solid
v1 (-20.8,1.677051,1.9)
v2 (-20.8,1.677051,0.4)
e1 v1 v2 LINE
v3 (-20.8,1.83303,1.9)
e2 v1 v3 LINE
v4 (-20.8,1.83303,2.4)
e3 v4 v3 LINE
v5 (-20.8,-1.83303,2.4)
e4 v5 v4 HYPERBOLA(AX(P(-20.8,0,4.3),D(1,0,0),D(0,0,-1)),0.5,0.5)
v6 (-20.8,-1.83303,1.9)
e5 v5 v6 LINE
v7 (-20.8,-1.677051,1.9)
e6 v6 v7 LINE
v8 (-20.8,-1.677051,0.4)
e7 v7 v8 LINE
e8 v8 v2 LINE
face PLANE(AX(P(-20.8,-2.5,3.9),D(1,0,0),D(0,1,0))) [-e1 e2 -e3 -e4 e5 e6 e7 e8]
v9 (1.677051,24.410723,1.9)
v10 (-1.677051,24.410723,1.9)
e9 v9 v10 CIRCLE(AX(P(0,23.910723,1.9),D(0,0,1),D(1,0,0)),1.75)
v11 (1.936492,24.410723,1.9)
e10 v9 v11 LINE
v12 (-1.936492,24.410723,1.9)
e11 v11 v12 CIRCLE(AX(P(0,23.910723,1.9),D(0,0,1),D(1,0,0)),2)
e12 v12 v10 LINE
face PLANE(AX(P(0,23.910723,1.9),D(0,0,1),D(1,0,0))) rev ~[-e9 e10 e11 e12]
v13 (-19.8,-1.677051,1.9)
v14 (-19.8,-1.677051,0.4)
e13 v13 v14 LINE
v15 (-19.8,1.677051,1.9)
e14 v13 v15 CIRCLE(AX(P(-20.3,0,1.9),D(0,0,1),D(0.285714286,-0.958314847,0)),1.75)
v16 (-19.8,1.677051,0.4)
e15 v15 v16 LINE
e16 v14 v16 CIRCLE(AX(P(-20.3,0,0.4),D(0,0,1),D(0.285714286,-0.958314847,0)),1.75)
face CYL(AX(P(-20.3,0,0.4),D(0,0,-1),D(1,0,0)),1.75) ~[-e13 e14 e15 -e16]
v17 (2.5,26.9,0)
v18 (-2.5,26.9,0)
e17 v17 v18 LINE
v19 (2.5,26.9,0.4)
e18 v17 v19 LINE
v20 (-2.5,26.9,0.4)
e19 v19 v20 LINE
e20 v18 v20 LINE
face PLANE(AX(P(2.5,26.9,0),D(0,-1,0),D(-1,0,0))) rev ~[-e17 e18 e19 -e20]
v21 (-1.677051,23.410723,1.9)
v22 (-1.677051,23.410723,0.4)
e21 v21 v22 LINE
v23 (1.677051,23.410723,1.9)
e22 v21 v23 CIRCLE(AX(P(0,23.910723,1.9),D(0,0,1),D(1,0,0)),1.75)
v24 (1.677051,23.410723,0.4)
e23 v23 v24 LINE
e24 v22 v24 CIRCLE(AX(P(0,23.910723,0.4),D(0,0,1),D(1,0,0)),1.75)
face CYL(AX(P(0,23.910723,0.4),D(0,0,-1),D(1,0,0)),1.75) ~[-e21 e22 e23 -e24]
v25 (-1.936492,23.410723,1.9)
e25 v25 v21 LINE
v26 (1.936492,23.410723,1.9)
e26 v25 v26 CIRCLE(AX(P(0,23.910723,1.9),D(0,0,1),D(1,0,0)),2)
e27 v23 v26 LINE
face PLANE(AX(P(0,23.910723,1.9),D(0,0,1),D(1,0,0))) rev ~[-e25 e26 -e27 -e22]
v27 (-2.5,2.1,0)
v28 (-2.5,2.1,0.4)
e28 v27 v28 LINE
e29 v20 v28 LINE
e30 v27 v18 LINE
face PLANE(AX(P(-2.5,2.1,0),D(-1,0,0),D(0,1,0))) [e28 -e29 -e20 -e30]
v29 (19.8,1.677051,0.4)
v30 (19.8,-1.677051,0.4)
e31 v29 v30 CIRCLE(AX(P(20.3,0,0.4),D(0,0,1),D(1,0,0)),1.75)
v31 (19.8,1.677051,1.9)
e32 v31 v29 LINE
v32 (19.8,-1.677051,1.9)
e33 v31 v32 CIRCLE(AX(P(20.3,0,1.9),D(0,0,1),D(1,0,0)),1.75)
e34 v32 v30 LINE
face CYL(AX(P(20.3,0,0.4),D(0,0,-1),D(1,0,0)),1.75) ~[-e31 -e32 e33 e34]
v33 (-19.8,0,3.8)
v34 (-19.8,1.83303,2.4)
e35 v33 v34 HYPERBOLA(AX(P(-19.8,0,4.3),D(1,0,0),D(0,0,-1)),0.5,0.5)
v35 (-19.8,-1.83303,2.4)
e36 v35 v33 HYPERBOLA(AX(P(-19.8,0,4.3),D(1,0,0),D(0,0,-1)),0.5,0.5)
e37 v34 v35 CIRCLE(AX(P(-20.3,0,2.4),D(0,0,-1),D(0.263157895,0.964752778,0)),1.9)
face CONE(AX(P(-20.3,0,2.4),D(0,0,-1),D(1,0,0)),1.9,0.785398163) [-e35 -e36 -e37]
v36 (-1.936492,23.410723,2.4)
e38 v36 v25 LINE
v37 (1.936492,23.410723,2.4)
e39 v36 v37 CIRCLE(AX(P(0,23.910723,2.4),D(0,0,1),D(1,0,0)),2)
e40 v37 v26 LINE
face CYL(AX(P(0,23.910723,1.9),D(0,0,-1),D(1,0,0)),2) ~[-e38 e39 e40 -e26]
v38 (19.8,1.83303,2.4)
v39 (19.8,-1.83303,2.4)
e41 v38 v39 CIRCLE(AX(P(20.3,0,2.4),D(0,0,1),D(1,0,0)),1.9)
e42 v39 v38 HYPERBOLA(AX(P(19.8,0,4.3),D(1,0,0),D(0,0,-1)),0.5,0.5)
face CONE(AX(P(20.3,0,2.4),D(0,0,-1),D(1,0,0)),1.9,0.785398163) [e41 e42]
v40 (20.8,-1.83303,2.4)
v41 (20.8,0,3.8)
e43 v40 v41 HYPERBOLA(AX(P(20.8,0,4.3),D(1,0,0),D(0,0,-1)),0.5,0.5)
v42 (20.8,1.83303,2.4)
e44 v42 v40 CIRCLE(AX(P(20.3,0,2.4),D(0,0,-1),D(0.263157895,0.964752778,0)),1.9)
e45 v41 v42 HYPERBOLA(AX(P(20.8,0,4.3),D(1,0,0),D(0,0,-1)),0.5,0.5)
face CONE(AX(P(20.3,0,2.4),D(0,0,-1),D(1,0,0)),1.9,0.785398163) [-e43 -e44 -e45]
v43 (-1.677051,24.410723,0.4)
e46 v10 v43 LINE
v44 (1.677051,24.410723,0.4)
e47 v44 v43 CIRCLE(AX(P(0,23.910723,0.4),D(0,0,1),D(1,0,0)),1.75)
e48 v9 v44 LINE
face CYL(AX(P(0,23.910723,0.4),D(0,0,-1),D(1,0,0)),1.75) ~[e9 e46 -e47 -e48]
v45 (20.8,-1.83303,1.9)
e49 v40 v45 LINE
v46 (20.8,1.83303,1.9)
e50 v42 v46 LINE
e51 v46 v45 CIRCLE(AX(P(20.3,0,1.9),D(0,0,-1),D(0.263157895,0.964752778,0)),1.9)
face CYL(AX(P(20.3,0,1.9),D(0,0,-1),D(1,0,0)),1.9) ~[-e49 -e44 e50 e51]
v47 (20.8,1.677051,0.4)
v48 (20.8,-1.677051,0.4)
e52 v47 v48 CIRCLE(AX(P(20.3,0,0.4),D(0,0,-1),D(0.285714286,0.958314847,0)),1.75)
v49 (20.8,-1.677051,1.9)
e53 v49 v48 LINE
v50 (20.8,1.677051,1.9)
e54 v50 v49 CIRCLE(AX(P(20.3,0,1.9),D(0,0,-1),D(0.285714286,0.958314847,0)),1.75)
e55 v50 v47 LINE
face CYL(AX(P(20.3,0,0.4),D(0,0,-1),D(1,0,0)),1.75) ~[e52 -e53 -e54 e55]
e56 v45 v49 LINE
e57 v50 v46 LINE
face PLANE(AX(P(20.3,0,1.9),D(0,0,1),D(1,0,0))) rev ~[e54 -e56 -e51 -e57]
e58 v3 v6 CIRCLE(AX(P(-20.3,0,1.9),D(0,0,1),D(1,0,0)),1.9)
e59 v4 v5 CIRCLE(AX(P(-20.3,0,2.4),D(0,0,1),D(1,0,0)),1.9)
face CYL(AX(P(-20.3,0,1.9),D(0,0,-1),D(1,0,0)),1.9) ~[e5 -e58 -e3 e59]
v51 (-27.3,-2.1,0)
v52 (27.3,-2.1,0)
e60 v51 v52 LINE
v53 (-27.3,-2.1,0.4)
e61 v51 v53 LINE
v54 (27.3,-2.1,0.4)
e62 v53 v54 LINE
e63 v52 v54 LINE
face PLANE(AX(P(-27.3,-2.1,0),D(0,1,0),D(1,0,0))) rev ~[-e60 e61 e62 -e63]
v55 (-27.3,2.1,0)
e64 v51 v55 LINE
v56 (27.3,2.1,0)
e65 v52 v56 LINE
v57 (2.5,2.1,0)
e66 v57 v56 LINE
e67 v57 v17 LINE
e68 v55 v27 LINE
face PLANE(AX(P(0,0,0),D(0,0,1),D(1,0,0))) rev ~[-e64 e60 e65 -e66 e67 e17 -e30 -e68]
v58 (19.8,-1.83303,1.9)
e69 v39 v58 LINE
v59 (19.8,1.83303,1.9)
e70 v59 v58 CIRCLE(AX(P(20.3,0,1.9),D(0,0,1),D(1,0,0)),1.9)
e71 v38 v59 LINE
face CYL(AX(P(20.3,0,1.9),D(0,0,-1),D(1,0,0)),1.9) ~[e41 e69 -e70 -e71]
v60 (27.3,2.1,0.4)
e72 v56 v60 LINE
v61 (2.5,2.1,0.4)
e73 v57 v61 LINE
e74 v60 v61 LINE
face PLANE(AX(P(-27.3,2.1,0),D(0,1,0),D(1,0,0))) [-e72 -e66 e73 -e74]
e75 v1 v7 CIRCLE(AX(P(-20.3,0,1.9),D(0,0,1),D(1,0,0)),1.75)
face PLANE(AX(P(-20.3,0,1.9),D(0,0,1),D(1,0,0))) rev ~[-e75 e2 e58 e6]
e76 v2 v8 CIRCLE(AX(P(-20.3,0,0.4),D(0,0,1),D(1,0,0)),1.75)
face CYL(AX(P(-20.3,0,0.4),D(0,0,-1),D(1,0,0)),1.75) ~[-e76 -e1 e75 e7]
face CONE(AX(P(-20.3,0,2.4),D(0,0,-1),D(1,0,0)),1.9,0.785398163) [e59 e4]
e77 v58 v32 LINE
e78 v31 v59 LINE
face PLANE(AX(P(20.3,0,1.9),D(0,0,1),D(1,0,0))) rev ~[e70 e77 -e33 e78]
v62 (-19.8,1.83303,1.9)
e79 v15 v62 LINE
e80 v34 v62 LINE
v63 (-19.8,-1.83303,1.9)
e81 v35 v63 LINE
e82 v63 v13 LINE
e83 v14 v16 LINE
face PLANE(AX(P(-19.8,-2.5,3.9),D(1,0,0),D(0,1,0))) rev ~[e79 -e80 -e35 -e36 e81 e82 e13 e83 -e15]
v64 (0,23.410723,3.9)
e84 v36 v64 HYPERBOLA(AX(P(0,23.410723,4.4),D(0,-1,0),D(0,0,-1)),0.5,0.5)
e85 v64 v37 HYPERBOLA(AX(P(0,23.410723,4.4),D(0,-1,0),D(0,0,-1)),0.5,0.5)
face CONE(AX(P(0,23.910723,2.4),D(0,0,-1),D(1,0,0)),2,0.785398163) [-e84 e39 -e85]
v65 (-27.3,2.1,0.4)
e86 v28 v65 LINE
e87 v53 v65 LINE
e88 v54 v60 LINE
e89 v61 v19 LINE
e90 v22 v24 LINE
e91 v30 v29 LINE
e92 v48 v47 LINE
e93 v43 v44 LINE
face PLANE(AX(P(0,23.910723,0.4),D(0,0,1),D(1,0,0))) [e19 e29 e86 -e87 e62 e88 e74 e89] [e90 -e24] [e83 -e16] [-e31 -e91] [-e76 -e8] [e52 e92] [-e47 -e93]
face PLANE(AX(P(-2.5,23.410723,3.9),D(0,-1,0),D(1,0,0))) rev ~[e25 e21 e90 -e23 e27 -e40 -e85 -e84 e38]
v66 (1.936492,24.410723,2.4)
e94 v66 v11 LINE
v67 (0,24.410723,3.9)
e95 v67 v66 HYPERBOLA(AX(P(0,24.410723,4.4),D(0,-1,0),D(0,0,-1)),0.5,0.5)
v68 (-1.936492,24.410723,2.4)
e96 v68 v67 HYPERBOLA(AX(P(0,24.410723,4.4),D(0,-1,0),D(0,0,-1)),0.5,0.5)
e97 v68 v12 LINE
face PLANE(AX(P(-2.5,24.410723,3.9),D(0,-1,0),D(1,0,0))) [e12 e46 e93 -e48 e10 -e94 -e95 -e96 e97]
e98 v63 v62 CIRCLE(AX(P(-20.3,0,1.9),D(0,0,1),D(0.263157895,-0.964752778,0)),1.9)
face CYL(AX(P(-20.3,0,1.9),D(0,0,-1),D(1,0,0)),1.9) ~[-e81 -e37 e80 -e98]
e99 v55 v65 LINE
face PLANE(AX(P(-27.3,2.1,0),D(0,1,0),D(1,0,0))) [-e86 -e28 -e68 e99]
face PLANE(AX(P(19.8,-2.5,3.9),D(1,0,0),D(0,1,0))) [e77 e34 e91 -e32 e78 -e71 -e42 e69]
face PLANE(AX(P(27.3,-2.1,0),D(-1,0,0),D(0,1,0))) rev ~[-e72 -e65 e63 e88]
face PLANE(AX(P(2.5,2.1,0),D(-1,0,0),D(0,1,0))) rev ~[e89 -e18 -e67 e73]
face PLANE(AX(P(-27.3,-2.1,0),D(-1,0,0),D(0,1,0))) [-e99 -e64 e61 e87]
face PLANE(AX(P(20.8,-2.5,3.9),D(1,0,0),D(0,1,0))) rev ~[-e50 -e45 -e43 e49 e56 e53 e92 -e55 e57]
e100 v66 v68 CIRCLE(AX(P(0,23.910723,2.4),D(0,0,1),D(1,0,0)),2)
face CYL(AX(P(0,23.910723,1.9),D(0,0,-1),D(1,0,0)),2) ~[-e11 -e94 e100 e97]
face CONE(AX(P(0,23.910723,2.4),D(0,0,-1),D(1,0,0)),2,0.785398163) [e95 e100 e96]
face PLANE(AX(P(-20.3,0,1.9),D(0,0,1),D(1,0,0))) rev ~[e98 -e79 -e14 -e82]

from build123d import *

# Parameters (mm, degrees)
SKICA2_W                 = 54.6
SKICA2_H                 = 4.2
P_IDAT_VYSUNUT_M2_DEPTH  = 0.4
SKICA3_R                 = 1.75
P_IDAT_VYSUNUT_M3_DEPTH  = 1.5
SKICA5_R                 = 1.9
P_IDAT_VYSUNUT_M5_DEPTH  = 2
ZKOSEN_2_SIZE            = 1.5
SKICA7_W                 = 1
SKICA7_H                 = 5
ODEBRAT_VYSUNUT_M1_DEPTH = 3.5
SKICA8_W                 = 5
SKICA8_H                 = 24.8
P_IDAT_VYSUNUT_M6_DEPTH  = 0.4
SKICA9_R                 = 1.75
P_IDAT_VYSUNUT_M7_DEPTH  = 1.5
SKICA10_R                = 2
P_IDAT_VYSUNUT_M8_DEPTH  = 2
ZKOSEN_3_SIZE            = 1.5
SKICA11_W                = 5
SKICA11_H                = 1
ODEBRAT_VYSUNUT_M2_DEPTH = 3.5


with BuildPart() as part:
    # Skica2 → Přidat vysunutím2 (new body)
    with BuildSketch(Plane.XY):
        Rectangle(SKICA2_W, SKICA2_H)
    extrude(amount=P_IDAT_VYSUNUT_M2_DEPTH)

    # Skica3 → Přidat vysunutím3 (add)
    with BuildSketch(Plane.XY.offset(0.4)):
        with Locations((-20.3, 0)):
            Circle(SKICA3_R)
        with Locations((20.3, 0)):
            Circle(SKICA3_R)
    extrude(amount=P_IDAT_VYSUNUT_M3_DEPTH)

    # Skica5 → Přidat vysunutím5 (add)
    with BuildSketch(Plane.XY.offset(1.9)):
        with Locations((-20.3, 0)):
            Circle(SKICA5_R)
        with Locations((20.3, 0)):
            Circle(SKICA5_R)
    extrude(amount=P_IDAT_VYSUNUT_M5_DEPTH)

    # Zkosení2
    zkosen_2_edges = [part.edges().sort_by_distance(p)[0] for p in [
        (-22.2, 0, 3.9),
        (18.4, 0, 3.9),
    ]]
    chamfer(zkosen_2_edges, length=ZKOSEN_2_SIZE)

    # Skica7 → Odebrat vysunutím1 (cut)
    with BuildSketch(Plane.XY.offset(3.9)):
        with Locations((-20.3, 0)):
            Rectangle(SKICA7_W, SKICA7_H)
        with Locations((20.3, 0)):
            Rectangle(SKICA7_W, SKICA7_H)
    extrude(amount=-ODEBRAT_VYSUNUT_M1_DEPTH, mode=Mode.SUBTRACT)

    # Skica8 → Přidat vysunutím6 (add)
    with BuildSketch(Plane(origin=(0, 0, 0), x_dir=(-1, 0, 0), z_dir=(0, 0, -1))):
        with Locations((0, 14.5)):
            Rectangle(SKICA8_W, SKICA8_H)
    extrude(amount=-P_IDAT_VYSUNUT_M6_DEPTH)

    # Skica9 → Přidat vysunutím7 (add)
    with BuildSketch(Plane.XY.offset(0.4)):
        with Locations((0, 23.910722543)):
            Circle(SKICA9_R)
    extrude(amount=P_IDAT_VYSUNUT_M7_DEPTH)

    # Skica10 → Přidat vysunutím8 (add)
    with BuildSketch(Plane.XY.offset(1.9)):
        with Locations((0, 23.910722543)):
            Circle(SKICA10_R)
    extrude(amount=P_IDAT_VYSUNUT_M8_DEPTH)

    # Zkosení3
    zkosen_3_edges = [part.edges().sort_by_distance(p)[0] for p in [
        (-2, 23.910722543, 3.9),
    ]]
    chamfer(zkosen_3_edges, length=ZKOSEN_3_SIZE)

    # Skica11 → Odebrat vysunutím2 (cut)
    with BuildSketch(Plane.XY.offset(3.9)):
        with Locations((0, 23.910722543)):
            Rectangle(SKICA11_W, SKICA11_H)
    extrude(amount=-ODEBRAT_VYSUNUT_M2_DEPTH, mode=Mode.SUBTRACT)


solid = part.part
